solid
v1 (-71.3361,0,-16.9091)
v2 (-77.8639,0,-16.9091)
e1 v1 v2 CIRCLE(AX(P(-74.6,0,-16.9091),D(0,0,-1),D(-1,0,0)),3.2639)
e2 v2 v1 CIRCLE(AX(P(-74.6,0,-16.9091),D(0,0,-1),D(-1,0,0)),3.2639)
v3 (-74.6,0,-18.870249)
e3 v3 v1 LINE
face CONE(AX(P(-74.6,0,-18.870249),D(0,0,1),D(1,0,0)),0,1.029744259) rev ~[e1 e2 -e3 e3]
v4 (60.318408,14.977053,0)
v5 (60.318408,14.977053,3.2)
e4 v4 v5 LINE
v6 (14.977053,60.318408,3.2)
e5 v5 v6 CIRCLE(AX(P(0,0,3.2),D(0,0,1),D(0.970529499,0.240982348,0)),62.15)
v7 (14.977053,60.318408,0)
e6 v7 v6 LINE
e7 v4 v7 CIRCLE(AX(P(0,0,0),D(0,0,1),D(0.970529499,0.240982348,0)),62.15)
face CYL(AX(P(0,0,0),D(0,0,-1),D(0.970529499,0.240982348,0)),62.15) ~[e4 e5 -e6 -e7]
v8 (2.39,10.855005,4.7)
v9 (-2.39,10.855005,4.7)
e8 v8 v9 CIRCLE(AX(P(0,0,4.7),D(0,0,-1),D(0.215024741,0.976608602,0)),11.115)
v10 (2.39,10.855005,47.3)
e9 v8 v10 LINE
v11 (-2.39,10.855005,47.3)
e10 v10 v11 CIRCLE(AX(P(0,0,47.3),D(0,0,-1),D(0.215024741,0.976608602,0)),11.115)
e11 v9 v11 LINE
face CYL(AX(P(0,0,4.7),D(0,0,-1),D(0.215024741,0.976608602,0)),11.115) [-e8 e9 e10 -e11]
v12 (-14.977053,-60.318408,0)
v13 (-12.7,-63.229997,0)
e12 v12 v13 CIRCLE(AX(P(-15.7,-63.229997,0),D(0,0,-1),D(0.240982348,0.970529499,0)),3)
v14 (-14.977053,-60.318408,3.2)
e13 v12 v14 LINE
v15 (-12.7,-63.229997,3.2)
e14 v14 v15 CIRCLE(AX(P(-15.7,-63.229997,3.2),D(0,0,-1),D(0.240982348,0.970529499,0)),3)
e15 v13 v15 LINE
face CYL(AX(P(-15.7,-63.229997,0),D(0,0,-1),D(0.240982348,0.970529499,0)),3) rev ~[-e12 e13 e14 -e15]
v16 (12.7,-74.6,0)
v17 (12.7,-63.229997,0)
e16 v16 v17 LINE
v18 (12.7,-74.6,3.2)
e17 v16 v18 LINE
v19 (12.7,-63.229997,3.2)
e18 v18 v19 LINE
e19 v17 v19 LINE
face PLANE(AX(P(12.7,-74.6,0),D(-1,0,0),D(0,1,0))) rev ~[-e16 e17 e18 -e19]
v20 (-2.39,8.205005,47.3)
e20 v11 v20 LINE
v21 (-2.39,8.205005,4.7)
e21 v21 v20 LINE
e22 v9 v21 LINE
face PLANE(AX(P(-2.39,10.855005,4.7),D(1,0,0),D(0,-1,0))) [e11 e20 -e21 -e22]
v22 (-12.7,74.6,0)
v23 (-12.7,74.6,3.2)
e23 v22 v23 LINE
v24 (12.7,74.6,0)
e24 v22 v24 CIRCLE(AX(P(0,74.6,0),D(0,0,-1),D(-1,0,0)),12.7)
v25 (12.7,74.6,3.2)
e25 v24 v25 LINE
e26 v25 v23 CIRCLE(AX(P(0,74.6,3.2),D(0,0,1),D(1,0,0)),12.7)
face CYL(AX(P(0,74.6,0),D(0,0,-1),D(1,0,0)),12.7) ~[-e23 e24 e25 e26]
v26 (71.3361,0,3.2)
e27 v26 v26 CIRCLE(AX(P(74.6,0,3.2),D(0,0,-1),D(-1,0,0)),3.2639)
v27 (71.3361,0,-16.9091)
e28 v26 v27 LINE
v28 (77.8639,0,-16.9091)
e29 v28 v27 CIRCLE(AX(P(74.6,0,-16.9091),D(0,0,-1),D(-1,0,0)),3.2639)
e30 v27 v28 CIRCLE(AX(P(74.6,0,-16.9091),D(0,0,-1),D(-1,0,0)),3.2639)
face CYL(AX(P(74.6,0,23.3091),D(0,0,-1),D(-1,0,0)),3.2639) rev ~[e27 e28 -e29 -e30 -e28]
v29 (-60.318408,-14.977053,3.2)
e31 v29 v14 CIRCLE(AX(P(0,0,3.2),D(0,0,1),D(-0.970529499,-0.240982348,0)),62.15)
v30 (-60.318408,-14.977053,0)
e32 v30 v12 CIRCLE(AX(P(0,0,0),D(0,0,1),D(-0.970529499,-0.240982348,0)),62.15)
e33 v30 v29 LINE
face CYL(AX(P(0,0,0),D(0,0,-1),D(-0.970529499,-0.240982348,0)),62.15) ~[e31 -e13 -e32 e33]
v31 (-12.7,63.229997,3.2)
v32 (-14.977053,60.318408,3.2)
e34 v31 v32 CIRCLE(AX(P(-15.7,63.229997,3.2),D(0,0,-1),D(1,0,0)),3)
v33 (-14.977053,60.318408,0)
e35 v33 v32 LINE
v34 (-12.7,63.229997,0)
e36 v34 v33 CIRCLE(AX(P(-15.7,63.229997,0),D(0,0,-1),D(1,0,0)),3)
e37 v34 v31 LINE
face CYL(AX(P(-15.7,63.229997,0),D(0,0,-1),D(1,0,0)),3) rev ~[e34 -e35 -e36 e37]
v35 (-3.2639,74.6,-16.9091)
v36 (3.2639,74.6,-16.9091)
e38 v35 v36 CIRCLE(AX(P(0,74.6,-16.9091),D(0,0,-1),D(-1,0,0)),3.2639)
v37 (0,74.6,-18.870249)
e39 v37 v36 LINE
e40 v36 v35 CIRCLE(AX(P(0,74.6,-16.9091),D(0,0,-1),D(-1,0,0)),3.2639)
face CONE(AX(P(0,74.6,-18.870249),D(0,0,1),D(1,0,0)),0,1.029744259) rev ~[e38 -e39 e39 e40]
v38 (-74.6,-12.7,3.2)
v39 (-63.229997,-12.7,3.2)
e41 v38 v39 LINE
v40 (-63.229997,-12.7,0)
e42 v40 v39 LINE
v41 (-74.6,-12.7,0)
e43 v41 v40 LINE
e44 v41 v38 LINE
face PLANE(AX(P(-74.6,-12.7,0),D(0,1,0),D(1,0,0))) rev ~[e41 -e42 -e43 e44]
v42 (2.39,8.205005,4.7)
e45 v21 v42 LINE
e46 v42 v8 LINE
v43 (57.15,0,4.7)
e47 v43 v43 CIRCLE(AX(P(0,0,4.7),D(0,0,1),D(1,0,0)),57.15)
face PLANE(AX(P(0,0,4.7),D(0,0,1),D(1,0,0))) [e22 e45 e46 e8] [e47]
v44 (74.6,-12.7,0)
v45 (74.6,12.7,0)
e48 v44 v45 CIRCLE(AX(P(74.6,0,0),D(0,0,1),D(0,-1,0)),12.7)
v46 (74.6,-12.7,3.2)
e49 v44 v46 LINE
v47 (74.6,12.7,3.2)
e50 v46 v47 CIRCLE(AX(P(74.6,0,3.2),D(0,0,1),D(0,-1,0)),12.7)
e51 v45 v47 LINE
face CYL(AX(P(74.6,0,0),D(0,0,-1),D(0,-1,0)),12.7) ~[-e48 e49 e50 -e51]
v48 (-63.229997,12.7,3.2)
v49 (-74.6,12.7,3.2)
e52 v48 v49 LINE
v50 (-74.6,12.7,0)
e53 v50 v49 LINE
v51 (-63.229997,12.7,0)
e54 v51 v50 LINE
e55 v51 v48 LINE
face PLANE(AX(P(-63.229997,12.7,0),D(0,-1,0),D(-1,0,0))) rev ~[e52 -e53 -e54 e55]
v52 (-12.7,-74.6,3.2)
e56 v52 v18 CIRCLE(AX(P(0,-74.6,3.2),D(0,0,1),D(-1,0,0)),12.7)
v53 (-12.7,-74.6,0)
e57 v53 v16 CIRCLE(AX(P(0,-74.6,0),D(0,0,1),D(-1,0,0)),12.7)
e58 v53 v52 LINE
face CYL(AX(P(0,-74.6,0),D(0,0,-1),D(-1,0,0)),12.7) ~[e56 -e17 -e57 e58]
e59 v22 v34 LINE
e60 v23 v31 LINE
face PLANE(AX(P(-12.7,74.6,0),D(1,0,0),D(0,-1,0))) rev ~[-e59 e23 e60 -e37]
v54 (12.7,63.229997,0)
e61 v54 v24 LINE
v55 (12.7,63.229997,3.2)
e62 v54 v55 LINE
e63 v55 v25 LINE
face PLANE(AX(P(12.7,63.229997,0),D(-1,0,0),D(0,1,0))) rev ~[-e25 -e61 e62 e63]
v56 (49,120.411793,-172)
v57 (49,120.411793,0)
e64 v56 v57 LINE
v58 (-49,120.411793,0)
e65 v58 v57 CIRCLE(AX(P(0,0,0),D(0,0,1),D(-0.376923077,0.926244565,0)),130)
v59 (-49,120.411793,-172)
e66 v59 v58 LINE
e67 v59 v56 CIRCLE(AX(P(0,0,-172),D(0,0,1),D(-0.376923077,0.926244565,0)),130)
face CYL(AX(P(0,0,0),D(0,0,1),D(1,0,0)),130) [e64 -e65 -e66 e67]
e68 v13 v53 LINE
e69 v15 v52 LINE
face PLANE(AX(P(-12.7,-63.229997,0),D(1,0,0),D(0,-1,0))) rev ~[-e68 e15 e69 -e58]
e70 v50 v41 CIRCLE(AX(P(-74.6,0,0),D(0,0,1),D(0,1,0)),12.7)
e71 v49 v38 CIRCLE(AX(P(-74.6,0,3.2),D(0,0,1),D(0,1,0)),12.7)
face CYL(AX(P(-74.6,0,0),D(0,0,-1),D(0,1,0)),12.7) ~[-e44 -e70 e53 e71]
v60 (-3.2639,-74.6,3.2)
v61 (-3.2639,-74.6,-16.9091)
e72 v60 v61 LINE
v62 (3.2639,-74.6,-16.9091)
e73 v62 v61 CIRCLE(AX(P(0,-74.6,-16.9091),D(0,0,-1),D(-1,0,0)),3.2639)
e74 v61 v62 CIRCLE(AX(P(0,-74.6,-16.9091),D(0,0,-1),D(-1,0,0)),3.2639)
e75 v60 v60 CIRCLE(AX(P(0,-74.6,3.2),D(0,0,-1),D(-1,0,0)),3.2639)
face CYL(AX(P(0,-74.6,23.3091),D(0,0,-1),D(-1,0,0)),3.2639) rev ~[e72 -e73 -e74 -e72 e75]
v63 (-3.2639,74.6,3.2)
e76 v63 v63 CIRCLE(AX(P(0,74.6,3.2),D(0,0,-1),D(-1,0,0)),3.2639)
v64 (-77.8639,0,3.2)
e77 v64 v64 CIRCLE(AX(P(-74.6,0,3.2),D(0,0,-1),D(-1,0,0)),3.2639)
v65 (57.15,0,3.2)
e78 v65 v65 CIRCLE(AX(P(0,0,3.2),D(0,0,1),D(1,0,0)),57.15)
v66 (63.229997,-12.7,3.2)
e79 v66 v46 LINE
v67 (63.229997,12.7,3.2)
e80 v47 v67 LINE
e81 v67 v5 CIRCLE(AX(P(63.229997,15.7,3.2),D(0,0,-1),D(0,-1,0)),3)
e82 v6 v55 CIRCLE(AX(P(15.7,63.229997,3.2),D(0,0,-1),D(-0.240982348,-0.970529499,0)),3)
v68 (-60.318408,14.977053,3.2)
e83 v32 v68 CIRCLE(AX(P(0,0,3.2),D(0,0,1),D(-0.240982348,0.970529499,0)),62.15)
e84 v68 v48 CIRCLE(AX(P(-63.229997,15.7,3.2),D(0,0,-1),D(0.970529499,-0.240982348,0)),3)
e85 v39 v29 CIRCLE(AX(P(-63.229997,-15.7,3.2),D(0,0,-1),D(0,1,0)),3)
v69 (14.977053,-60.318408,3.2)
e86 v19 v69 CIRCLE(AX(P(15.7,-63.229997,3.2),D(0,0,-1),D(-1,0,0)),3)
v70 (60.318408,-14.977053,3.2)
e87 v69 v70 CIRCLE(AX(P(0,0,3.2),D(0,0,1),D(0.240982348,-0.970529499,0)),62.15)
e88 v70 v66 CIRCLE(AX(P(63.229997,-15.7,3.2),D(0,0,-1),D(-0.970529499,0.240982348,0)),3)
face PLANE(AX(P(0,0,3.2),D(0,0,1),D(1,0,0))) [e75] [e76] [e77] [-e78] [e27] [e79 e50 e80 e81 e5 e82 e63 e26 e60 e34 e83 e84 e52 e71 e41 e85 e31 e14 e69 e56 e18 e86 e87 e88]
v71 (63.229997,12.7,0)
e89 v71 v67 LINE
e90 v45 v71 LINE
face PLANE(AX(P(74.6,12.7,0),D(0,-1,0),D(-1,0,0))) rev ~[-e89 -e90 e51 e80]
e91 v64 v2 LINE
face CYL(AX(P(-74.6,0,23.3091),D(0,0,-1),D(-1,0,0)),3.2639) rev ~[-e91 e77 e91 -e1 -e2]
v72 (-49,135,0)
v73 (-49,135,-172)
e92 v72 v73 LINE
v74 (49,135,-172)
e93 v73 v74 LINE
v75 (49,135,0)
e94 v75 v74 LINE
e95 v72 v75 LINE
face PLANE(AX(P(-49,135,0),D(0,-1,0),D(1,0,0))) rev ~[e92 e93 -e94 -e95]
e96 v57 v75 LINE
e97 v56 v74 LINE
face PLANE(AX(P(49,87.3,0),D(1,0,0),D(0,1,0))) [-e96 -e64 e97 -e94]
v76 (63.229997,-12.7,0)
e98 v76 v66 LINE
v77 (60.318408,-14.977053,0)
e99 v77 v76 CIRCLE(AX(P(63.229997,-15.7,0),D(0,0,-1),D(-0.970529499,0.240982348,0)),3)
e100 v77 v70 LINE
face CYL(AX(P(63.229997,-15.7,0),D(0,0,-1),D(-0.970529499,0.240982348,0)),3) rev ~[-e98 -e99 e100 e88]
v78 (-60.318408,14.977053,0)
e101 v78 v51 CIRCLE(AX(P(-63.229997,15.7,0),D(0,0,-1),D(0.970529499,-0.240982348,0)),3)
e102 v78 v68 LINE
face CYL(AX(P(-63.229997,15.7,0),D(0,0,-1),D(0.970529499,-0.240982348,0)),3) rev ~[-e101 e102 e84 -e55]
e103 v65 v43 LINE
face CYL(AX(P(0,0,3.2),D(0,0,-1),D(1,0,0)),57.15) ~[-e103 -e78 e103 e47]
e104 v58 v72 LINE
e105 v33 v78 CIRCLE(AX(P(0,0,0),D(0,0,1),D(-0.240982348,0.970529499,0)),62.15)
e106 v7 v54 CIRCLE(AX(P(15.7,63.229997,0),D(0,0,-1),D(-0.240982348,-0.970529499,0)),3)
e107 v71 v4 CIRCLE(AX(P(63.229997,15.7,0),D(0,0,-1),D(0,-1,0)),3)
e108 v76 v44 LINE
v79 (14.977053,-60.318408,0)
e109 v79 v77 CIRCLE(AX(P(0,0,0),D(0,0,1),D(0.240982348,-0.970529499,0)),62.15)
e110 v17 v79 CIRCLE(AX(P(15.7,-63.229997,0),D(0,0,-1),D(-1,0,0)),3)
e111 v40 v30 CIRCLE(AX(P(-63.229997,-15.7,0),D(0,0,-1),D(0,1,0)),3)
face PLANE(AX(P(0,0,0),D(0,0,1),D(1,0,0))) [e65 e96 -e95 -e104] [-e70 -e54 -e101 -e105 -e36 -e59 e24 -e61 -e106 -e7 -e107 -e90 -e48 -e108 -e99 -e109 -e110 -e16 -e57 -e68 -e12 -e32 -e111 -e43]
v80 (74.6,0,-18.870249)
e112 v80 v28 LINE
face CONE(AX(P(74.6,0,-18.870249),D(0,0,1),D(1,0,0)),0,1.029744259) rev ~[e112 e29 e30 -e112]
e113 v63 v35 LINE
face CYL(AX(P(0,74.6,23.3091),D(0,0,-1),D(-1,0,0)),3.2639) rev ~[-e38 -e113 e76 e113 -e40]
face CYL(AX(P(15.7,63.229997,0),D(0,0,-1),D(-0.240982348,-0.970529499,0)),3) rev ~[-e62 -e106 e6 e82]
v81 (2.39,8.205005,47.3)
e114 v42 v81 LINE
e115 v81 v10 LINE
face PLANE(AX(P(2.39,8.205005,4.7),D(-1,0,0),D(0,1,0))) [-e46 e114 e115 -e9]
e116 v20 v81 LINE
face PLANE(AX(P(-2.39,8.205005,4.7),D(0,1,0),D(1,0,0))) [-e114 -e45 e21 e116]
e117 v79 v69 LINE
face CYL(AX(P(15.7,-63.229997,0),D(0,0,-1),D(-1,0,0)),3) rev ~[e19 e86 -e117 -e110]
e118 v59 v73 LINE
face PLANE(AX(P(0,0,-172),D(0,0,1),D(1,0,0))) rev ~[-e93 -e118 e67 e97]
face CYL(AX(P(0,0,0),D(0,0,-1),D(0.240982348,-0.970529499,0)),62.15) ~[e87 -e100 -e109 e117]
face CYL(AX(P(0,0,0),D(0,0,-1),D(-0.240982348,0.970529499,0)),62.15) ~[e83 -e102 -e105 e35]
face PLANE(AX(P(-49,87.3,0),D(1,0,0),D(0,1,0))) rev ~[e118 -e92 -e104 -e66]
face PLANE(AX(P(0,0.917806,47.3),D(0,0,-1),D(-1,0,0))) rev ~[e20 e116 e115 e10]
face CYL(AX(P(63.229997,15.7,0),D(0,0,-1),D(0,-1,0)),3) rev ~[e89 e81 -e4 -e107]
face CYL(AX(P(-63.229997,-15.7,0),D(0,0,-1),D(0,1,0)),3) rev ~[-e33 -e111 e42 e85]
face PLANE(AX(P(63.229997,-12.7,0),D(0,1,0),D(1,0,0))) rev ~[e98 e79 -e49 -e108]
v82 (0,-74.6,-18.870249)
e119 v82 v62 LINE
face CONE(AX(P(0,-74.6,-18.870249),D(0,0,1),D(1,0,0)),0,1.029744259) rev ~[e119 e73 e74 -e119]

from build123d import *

# Parameters (mm, degrees)
SKETCH1_R                    = 130
BOSS_EXTRUDE1_DEPTH          = 172
BOSS_EXTRUDE2_DEPTH          = 3.2
SKETCH3_R                    = 57.15
BOSS_EXTRUDE3_DEPTH          = 1.5
F_5_16_18_TAPPED_HOLE1_D     = 6.5278
F_5_16_18_TAPPED_HOLE1_DEPTH = 20.1091
F_5_16_18_TAPPED_HOLE1_TIP   = 1.961148974
SKETCH6_W                    = 98
SKETCH6_H                    = 47.7
BOSS_EXTRUDE4_DEPTH          = 172
BOSS_EXTRUDE5_DEPTH          = 42.6


with BuildPart() as part:
    # Sketch1 → Boss-Extrude1 (new body)
    with BuildSketch(Plane.XY):
        Circle(SKETCH1_R)
    extrude(amount=-BOSS_EXTRUDE1_DEPTH)

    # Sketch2 → Boss-Extrude2 (add)
    with BuildSketch(Plane.XY):
        with BuildLine():
            Line((-63.229996837, 12.7), (-74.6, 12.7))
            ThreePointArc((-74.6, 12.7), (-87.3, 0), (-74.6, -12.7))
            Line((-74.6, -12.7), (-63.229996837, -12.7))
            ThreePointArc((-63.229996837, -12.7), (-61.381868207, -13.336862135), (-60.318408341, -14.977052955))
            ThreePointArc((-60.318408341, -14.977052955), (-43.946686451, -43.946686451), (-14.977052955, -60.318408341))
            ThreePointArc((-14.977052955, -60.318408341), (-13.336862135, -61.381868207), (-12.7, -63.229996837))
            Line((-12.7, -63.229996837), (-12.7, -74.6))
            ThreePointArc((-12.7, -74.6), (0, -87.3), (12.7, -74.6))
            Line((12.7, -74.6), (12.7, -63.229996837))
            ThreePointArc((12.7, -63.229996837), (13.336862135, -61.381868207), (14.977052955, -60.318408341))
            ThreePointArc((14.977052955, -60.318408341), (43.946686451, -43.946686451), (60.318408341, -14.977052955))
            ThreePointArc((60.318408341, -14.977052955), (61.381868207, -13.336862135), (63.229996837, -12.7))
            Line((63.229996837, -12.7), (74.6, -12.7))
            ThreePointArc((74.6, -12.7), (87.3, 0), (74.6, 12.7))
            Line((74.6, 12.7), (63.229996837, 12.7))
            ThreePointArc((63.229996837, 12.7), (61.381868207, 13.336862135), (60.318408341, 14.977052955))
            ThreePointArc((60.318408341, 14.977052955), (43.946686451, 43.946686451), (14.977052955, 60.318408341))
            ThreePointArc((14.977052955, 60.318408341), (13.336862135, 61.381868207), (12.7, 63.229996837))
            Line((12.7, 63.229996837), (12.7, 74.6))
            ThreePointArc((12.7, 74.6), (0, 87.3), (-12.7, 74.6))
            Line((-12.7, 74.6), (-12.7, 63.229996837))
            ThreePointArc((-12.7, 63.229996837), (-13.336862135, 61.381868207), (-14.977052955, 60.318408341))
            ThreePointArc((-14.977052955, 60.318408341), (-43.946686451, 43.946686451), (-60.318408341, 14.977052955))
            ThreePointArc((-60.318408341, 14.977052955), (-61.381868207, 13.336862135), (-63.229996837, 12.7))
        make_face()
    extrude(amount=BOSS_EXTRUDE2_DEPTH)

    # Sketch3 → Boss-Extrude3 (add)
    with BuildSketch(Plane.XY.offset(3.2)):
        Circle(SKETCH3_R)
    extrude(amount=BOSS_EXTRUDE3_DEPTH)

    # 5/16-18 Tapped Hole1
    with Locations(Plane.XY.offset(3.2)):
        with Locations((-74.6, 0), (0, 74.6), (74.6, 0), (0, -74.6)):
            Hole(F_5_16_18_TAPPED_HOLE1_D / 2, depth=F_5_16_18_TAPPED_HOLE1_DEPTH)
            with Locations((0, 0, -(F_5_16_18_TAPPED_HOLE1_DEPTH + F_5_16_18_TAPPED_HOLE1_TIP / 2))):  # 118° drill point
                Cone(0, F_5_16_18_TAPPED_HOLE1_D / 2, F_5_16_18_TAPPED_HOLE1_TIP, mode=Mode.SUBTRACT)

    # Sketch6 → Boss-Extrude4 (add)
    with BuildSketch(Plane.XY):
        with Locations((0, 111.15)):
            Rectangle(SKETCH6_W, SKETCH6_H)
    extrude(amount=-BOSS_EXTRUDE4_DEPTH)

    # Sketch7 → Boss-Extrude5 (add)
    with BuildSketch(Plane.XY.offset(4.7)):
        with BuildLine():
            Line((-2.39, 10.855004606), (-2.39, 8.205004606))
            Line((-2.39, 8.205004606), (2.39, 8.205004606))
            Line((2.39, 8.205004606), (2.39, 10.855004606))
            ThreePointArc((2.39, 10.855004606), (0, -11.115), (-2.39, 10.855004606))
        make_face()
    extrude(amount=BOSS_EXTRUDE5_DEPTH)


solid = part.part
